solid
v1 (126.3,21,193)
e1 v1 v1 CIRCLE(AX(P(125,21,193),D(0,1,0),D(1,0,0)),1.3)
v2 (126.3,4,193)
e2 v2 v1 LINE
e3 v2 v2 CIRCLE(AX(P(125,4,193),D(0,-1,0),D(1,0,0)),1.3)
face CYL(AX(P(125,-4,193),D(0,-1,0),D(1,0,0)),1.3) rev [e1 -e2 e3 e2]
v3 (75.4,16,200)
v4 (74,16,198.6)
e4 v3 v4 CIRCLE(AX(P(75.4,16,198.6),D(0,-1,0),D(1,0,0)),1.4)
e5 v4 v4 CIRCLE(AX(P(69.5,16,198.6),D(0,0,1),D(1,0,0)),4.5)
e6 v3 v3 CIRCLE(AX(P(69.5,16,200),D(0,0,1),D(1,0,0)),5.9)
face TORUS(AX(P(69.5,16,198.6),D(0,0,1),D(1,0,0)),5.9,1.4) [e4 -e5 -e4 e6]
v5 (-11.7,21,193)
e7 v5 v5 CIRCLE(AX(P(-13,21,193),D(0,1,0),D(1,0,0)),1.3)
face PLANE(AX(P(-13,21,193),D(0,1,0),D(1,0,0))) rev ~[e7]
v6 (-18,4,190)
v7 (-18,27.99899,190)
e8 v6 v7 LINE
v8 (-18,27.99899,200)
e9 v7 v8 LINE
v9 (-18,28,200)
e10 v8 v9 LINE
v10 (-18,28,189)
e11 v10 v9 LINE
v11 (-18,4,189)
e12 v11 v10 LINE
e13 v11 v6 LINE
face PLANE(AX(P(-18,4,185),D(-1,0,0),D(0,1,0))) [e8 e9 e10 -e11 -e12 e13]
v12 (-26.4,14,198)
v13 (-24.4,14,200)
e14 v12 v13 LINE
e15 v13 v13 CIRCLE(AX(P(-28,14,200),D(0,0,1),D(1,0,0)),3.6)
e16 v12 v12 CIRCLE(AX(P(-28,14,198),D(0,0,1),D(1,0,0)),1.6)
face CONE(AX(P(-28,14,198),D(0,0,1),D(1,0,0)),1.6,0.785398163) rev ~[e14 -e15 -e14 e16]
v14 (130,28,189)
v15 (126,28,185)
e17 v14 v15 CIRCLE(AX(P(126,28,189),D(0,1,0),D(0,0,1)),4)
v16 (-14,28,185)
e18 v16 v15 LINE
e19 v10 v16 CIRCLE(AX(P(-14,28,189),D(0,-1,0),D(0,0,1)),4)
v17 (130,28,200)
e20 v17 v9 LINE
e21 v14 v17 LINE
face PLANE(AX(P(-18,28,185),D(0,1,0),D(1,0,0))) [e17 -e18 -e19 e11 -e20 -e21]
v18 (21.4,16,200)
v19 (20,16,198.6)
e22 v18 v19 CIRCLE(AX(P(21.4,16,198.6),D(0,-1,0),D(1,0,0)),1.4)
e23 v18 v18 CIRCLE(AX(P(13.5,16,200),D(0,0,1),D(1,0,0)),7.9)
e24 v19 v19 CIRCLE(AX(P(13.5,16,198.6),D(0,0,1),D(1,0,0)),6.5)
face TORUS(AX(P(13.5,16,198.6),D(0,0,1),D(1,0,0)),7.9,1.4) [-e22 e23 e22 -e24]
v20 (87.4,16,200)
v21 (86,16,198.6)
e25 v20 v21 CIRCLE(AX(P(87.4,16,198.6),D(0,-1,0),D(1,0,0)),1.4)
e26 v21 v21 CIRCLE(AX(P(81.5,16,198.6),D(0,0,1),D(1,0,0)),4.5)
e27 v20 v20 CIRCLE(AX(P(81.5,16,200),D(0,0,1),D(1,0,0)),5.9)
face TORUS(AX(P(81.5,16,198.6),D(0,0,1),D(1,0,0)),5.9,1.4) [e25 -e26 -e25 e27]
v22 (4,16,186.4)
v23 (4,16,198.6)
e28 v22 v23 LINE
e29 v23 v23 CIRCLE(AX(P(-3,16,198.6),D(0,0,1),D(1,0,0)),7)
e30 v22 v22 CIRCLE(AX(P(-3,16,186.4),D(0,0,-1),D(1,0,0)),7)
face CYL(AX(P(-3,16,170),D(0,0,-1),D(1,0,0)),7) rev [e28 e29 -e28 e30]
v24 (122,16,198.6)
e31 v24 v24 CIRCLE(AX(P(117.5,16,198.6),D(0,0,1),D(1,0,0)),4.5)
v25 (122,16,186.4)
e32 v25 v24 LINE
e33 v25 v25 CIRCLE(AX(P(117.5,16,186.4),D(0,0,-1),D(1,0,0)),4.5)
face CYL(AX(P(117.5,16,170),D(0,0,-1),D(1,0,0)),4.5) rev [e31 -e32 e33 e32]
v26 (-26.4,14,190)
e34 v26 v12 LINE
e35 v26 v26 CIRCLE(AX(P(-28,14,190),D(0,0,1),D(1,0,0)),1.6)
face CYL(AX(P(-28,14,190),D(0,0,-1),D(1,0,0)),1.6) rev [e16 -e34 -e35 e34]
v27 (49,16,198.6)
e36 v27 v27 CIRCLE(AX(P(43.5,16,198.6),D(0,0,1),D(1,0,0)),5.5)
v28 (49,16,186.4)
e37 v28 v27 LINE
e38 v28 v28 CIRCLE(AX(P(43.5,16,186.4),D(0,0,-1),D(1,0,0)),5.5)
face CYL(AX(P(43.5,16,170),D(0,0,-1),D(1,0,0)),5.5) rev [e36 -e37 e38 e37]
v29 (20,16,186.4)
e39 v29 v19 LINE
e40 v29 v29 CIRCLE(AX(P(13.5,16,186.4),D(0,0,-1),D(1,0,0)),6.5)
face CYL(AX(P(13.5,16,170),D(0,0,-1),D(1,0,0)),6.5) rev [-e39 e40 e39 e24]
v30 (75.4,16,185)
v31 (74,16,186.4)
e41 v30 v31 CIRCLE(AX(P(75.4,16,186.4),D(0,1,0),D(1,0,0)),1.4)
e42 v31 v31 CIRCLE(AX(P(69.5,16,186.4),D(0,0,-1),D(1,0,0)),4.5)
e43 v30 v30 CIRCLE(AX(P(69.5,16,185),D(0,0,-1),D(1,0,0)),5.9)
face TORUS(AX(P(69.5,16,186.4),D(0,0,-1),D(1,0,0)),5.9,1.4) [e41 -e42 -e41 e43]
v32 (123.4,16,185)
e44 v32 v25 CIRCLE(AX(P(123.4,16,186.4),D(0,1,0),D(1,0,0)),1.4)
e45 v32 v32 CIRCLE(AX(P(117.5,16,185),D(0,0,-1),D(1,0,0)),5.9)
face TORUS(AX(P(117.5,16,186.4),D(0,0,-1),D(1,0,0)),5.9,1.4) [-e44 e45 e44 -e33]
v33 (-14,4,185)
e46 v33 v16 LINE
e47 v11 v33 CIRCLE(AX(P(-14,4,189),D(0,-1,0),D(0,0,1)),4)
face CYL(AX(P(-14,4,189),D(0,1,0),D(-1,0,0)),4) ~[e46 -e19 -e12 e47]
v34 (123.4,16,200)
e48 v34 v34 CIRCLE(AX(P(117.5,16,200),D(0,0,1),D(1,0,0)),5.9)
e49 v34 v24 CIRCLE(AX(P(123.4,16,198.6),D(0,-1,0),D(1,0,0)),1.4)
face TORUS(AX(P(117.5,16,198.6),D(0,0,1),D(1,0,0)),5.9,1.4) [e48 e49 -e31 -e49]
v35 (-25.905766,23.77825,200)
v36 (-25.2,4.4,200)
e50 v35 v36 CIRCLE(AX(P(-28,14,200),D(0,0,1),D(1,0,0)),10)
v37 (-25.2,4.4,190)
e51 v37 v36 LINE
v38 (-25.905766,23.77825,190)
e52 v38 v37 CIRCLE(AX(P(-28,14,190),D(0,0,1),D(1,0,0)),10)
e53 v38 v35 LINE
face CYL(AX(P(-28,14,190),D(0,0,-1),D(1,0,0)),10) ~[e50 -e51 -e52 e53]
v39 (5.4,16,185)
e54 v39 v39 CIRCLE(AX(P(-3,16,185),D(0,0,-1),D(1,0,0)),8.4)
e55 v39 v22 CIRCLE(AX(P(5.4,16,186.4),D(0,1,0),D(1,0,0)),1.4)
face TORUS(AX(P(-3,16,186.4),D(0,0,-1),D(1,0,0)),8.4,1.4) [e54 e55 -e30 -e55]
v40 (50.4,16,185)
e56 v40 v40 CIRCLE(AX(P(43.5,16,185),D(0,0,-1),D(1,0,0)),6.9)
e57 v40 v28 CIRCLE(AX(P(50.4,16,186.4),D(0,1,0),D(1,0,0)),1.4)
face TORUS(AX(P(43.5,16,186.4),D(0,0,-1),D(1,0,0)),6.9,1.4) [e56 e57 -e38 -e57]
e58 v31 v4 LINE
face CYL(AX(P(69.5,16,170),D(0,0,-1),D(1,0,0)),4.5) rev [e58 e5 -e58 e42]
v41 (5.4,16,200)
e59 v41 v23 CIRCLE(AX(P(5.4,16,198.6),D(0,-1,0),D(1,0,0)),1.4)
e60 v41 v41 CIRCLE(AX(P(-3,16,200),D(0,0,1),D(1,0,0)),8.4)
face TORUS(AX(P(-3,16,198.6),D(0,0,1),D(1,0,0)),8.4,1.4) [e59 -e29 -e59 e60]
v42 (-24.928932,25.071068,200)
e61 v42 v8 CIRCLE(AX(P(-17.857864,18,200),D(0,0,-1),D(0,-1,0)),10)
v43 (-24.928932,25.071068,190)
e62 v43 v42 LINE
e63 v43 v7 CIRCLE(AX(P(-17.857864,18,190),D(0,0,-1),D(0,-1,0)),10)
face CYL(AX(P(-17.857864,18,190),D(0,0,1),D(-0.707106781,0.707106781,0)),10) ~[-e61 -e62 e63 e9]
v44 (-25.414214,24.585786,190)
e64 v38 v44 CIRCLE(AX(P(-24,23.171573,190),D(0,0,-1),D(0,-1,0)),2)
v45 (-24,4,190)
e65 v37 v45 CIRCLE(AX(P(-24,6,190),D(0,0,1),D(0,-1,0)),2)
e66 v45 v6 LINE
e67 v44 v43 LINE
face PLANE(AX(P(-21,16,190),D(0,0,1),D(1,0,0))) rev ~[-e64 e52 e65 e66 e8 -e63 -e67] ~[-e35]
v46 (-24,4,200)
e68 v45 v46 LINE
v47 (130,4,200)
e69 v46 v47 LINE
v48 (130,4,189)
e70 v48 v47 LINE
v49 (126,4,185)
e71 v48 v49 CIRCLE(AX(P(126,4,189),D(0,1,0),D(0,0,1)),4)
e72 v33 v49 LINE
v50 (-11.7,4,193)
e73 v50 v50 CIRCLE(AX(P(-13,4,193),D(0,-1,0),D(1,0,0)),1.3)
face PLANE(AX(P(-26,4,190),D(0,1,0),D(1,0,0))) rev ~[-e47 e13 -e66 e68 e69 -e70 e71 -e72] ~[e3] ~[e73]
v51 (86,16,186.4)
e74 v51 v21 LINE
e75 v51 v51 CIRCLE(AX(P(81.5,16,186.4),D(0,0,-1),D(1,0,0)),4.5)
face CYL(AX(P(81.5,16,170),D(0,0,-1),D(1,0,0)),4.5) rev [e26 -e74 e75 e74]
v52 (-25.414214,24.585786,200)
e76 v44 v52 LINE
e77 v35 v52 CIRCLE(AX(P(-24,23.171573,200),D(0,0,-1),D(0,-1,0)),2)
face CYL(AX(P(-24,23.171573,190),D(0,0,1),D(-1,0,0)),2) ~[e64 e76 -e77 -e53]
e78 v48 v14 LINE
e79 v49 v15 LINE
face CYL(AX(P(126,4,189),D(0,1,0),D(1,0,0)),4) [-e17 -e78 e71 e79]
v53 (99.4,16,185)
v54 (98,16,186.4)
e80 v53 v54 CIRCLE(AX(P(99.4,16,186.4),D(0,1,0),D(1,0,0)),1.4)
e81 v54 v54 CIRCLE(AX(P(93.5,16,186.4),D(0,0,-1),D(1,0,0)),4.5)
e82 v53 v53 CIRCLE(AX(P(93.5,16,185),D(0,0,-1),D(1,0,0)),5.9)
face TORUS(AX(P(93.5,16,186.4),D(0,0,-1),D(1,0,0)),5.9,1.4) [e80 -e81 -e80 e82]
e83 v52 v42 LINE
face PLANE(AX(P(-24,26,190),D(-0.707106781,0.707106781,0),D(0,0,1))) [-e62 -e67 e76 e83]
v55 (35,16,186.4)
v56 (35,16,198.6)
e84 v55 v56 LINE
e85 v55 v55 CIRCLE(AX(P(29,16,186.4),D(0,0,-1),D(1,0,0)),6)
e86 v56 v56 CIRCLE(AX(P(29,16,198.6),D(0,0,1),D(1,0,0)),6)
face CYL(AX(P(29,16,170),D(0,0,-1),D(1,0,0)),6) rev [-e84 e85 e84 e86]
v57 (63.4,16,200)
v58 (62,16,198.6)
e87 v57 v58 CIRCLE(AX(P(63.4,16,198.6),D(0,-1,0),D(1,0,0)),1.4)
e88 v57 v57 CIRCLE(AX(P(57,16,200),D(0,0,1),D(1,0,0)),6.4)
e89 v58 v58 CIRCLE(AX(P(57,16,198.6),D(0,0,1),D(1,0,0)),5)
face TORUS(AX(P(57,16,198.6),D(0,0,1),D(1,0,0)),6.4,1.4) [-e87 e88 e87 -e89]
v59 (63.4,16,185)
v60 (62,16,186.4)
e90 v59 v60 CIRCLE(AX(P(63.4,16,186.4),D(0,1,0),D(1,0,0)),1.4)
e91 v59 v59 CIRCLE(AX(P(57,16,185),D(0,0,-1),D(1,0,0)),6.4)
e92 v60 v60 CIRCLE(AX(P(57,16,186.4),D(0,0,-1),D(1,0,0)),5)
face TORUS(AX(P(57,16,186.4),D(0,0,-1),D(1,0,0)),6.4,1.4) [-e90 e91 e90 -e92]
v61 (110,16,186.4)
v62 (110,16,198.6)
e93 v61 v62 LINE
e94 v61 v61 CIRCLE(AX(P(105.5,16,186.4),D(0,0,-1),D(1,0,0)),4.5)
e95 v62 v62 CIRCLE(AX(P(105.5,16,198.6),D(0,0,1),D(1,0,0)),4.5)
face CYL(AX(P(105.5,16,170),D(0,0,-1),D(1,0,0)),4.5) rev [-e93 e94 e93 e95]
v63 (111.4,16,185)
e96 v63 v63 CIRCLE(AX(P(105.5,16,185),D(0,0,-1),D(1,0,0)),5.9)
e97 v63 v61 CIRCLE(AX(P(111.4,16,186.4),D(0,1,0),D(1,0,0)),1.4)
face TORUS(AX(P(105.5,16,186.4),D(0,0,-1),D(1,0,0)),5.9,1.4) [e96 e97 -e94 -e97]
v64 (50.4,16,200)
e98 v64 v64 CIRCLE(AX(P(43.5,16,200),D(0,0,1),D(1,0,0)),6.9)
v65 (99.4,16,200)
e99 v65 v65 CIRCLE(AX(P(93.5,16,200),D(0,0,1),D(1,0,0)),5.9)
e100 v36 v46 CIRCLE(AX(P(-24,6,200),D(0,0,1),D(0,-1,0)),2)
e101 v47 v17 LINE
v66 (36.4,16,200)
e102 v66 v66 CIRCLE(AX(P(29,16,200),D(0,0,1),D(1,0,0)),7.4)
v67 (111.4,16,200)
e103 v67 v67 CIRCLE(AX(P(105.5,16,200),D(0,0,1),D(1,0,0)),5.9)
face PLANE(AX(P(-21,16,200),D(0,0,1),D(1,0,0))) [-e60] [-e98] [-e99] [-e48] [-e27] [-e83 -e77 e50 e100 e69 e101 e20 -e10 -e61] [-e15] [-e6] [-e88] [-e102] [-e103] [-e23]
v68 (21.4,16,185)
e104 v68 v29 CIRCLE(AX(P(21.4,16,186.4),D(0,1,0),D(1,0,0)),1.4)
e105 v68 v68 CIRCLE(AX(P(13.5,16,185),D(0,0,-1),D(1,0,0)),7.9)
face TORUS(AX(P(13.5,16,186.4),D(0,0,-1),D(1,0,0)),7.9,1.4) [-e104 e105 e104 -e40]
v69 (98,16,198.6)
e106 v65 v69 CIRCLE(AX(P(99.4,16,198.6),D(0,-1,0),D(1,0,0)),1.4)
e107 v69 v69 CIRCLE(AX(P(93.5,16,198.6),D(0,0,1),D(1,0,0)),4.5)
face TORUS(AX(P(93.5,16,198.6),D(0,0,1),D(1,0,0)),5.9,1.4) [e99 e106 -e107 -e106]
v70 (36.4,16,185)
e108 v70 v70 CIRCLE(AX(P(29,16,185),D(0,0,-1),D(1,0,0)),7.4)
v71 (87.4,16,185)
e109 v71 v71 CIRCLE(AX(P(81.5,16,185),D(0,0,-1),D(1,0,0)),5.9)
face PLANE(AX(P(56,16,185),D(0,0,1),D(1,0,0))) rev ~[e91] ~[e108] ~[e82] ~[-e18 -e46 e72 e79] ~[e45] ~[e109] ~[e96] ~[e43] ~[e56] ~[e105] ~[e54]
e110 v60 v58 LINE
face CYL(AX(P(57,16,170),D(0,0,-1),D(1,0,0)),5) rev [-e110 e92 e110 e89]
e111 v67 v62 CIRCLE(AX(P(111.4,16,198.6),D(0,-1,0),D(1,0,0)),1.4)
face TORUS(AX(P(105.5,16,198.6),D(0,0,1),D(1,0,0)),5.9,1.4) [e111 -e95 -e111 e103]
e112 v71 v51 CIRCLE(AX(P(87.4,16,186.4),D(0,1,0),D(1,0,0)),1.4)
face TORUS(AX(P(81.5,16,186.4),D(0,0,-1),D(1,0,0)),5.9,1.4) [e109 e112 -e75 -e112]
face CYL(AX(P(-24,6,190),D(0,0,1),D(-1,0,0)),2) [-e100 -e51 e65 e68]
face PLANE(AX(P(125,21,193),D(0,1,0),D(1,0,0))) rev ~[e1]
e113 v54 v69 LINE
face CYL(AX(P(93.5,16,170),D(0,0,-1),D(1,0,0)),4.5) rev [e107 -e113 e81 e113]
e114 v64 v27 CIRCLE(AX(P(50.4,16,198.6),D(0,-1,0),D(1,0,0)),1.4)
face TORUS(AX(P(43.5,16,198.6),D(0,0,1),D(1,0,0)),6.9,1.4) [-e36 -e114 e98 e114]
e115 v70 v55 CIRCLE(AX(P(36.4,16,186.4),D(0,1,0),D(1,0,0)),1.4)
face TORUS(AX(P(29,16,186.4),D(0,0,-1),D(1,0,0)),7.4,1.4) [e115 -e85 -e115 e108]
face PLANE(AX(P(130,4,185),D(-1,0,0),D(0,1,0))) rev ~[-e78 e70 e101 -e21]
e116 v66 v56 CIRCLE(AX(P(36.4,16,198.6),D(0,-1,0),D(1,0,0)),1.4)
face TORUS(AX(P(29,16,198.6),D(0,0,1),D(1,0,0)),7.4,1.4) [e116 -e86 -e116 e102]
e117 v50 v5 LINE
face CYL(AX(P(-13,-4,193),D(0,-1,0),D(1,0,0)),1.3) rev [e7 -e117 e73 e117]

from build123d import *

# Parameters (mm, degrees)
TUBE010_R         = 10
TUBE010_R_2       = 1.6
TUBE010_DEPTH     = 10
BOX031_W          = 10
BOX031_H          = 24
BOX031_DEPTH      = 10
FILLET125_R       = 2
CHAMFER033_SIZE   = 4
FILLET126_R       = 2
FILLET127_R       = 10
CHAMFER034_SIZE   = 2
CYLINDER088_R     = 4.5
CYLINDER088_DEPTH = 30
CYLINDER085_R     = 4.5
CYLINDER085_DEPTH = 30
CYLINDER084_R     = 4.5
CYLINDER084_DEPTH = 30
CYLINDER083_R     = 4.5
CYLINDER083_DEPTH = 30
CYLINDER082_R     = 4.5
CYLINDER082_DEPTH = 30
CYLINDER081_R     = 5
CYLINDER081_DEPTH = 30
CYLINDER080_R     = 5.5
CYLINDER080_DEPTH = 30
CYLINDER079_R     = 6
CYLINDER079_DEPTH = 30
CYLINDER078_R     = 6.5
CYLINDER078_DEPTH = 30
CYLINDER077_R     = 7
CYLINDER077_DEPTH = 30
CYLINDER087_R     = 1.3
CYLINDER087_DEPTH = 25
CYLINDER086_R     = 1.3
CYLINDER086_DEPTH = 25
BOX030_W          = 148
BOX030_H          = 24
BOX030_DEPTH      = 15
FILLET128_R       = 4
FILLET129_R       = 1.4


with BuildPart() as tube010:
    # Tube010 → Tube010 (new body)
    with BuildSketch(Plane(origin=(-28, -2, 20), x_dir=(1, 0, 0), z_dir=(0, 0, 1))):
        Circle(TUBE010_R)
        Circle(TUBE010_R_2, mode=Mode.SUBTRACT)
    extrude(amount=TUBE010_DEPTH)


with BuildPart() as chamfer034:
    # Box031 → Box031 (new body)
    with BuildSketch(Plane(origin=(-26, -12, 20), x_dir=(1, 0, 0), z_dir=(0, 0, 1))):
        with Locations((5, 12)):
            Rectangle(BOX031_W, BOX031_H)
    extrude(amount=BOX031_DEPTH)

    # Fillet125
    fillet125_edges = [chamfer034.edges().sort_by_distance(p)[0] for p in [
        (-26, -12, 25),
    ]]
    fillet(fillet125_edges, radius=FILLET125_R)

    # Chamfer033
    chamfer033_edges = [chamfer034.edges().sort_by_distance(p)[0] for p in [
        (-26, 12, 25),
    ]]
    chamfer(chamfer033_edges, length=CHAMFER033_SIZE)

    # Fillet126
    fillet126_edges = [chamfer034.edges().sort_by_distance(p)[0] for p in [
        (-26, 8, 25),
    ]]
    fillet(fillet126_edges, radius=FILLET126_R)

    # Fillet127
    fillet127_edges = [chamfer034.edges().sort_by_distance(p)[0] for p in [
        (-22, 12, 25),
    ]]
    fillet(fillet127_edges, radius=FILLET127_R)

    # Fusion052: union Tube010
    add(tube010.part)

    # Chamfer034
    chamfer034_edges = [chamfer034.edges().sort_by_distance(p)[0] for p in [
        (-29.6, -2, 30),
    ]]
    chamfer(chamfer034_edges, length=CHAMFER034_SIZE)


with BuildPart() as cylinder088:
    # Cylinder088 → Cylinder088 (new body)
    with BuildSketch(Plane(origin=(117.5, 0, 0), x_dir=(1, 0, 0), z_dir=(0, 0, 1))):
        Circle(CYLINDER088_R)
    extrude(amount=CYLINDER088_DEPTH)


with BuildPart() as cylinder085:
    # Cylinder085 → Cylinder085 (new body)
    with BuildSketch(Plane(origin=(105.5, 0, 0), x_dir=(1, 0, 0), z_dir=(0, 0, 1))):
        Circle(CYLINDER085_R)
    extrude(amount=CYLINDER085_DEPTH)


with BuildPart() as cylinder084:
    # Cylinder084 → Cylinder084 (new body)
    with BuildSketch(Plane(origin=(93.5, 0, 0), x_dir=(1, 0, 0), z_dir=(0, 0, 1))):
        Circle(CYLINDER084_R)
    extrude(amount=CYLINDER084_DEPTH)


with BuildPart() as cylinder083:
    # Cylinder083 → Cylinder083 (new body)
    with BuildSketch(Plane(origin=(81.5, 0, 0), x_dir=(1, 0, 0), z_dir=(0, 0, 1))):
        Circle(CYLINDER083_R)
    extrude(amount=CYLINDER083_DEPTH)


with BuildPart() as cylinder082:
    # Cylinder082 → Cylinder082 (new body)
    with BuildSketch(Plane(origin=(69.5, 0, 0), x_dir=(1, 0, 0), z_dir=(0, 0, 1))):
        Circle(CYLINDER082_R)
    extrude(amount=CYLINDER082_DEPTH)


with BuildPart() as cylinder081:
    # Cylinder081 → Cylinder081 (new body)
    with BuildSketch(Plane(origin=(57, 0, 0), x_dir=(1, 0, 0), z_dir=(0, 0, 1))):
        Circle(CYLINDER081_R)
    extrude(amount=CYLINDER081_DEPTH)


with BuildPart() as cylinder080:
    # Cylinder080 → Cylinder080 (new body)
    with BuildSketch(Plane(origin=(43.5, 0, 0), x_dir=(1, 0, 0), z_dir=(0, 0, 1))):
        Circle(CYLINDER080_R)
    extrude(amount=CYLINDER080_DEPTH)


with BuildPart() as cylinder079:
    # Cylinder079 → Cylinder079 (new body)
    with BuildSketch(Plane(origin=(29, 0, 0), x_dir=(1, 0, 0), z_dir=(0, 0, 1))):
        Circle(CYLINDER079_R)
    extrude(amount=CYLINDER079_DEPTH)


with BuildPart() as cylinder078:
    # Cylinder078 → Cylinder078 (new body)
    with BuildSketch(Plane(origin=(13.5, 0, 0), x_dir=(1, 0, 0), z_dir=(0, 0, 1))):
        Circle(CYLINDER078_R)
    extrude(amount=CYLINDER078_DEPTH)


with BuildPart() as cylinder077:
    # Cylinder077 → Cylinder077 (new body)
    with BuildSketch(Plane(origin=(-3, 0, 0), x_dir=(1, 0, 0), z_dir=(0, 0, 1))):
        Circle(CYLINDER077_R)
    extrude(amount=CYLINDER077_DEPTH)


with BuildPart() as screwholle025:
    # Cylinder087 → Cylinder087 (new body)
    with BuildSketch(Plane(origin=(125, -20, 23), x_dir=(1, 0, 0), z_dir=(0, 1, 0))):
        Circle(CYLINDER087_R)
    extrude(amount=CYLINDER087_DEPTH)


with BuildPart() as fusion053:
    # Cylinder086 → Cylinder086 (new body)
    with BuildSketch(Plane(origin=(-13, -20, 23), x_dir=(1, 0, 0), z_dir=(0, 1, 0))):
        Circle(CYLINDER086_R)
    extrude(amount=CYLINDER086_DEPTH)

    # Fusion050: union ScrewHolle025
    add(screwholle025.part)

    # Fusion053: union Cylinder088, Cylinder085, Cylinder084, Cylinder083, Cylinder082, Cylinder081, Cylinder080, Cylinder079, Cylinder078, Cylinder077
    add(cylinder088.part)
    add(cylinder085.part)
    add(cylinder084.part)
    add(cylinder083.part)
    add(cylinder082.part)
    add(cylinder081.part)
    add(cylinder080.part)
    add(cylinder079.part)
    add(cylinder078.part)
    add(cylinder077.part)


with BuildPart() as top_s2:
    # Box030 → Box030 (new body)
    with BuildSketch(Plane(origin=(-18, -12, 15), x_dir=(1, 0, 0), z_dir=(0, 0, 1))):
        with Locations((74, 12)):
            Rectangle(BOX030_W, BOX030_H)
    extrude(amount=BOX030_DEPTH)

    # Fillet128
    fillet128_edges = [top_s2.edges().sort_by_distance(p)[0] for p in [
        (-18, 0, 15),
        (130, 0, 15),
    ]]
    fillet(fillet128_edges, radius=FILLET128_R)

    # Cut016: cut Fusion053
    add(fusion053.part, mode=Mode.SUBTRACT)

    # Fillet129
    fillet129_edges = [top_s2.edges().sort_by_distance(p)[0] for p in [
        (-10, 0, 30),
        (7, 0, 30),
        (23, 0, 30),
        (38, 0, 30),
        (52, 0, 30),
        (65, 0, 30),
        (77, 0, 30),
        (89, 0, 30),
        (101, 0, 30),
        (113, 0, 30),
        (-10, 0, 15),
        (7, 0, 15),
        (23, 0, 15),
        (38, 0, 15),
        (52, 0, 15),
        (65, 0, 15),
        (77, 0, 15),
        (89, 0, 15),
        (101, 0, 15),
        (113, 0, 15),
    ]]
    fillet(fillet129_edges, radius=FILLET129_R)

    # Fusion054: union Chamfer034
    add(chamfer034.part)


with BuildPart() as top_s2_1:
    # Fusion054 placement: moved
    add(top_s2.part.moved(Location((0, 16, 170))))


solid = top_s2_1.part
